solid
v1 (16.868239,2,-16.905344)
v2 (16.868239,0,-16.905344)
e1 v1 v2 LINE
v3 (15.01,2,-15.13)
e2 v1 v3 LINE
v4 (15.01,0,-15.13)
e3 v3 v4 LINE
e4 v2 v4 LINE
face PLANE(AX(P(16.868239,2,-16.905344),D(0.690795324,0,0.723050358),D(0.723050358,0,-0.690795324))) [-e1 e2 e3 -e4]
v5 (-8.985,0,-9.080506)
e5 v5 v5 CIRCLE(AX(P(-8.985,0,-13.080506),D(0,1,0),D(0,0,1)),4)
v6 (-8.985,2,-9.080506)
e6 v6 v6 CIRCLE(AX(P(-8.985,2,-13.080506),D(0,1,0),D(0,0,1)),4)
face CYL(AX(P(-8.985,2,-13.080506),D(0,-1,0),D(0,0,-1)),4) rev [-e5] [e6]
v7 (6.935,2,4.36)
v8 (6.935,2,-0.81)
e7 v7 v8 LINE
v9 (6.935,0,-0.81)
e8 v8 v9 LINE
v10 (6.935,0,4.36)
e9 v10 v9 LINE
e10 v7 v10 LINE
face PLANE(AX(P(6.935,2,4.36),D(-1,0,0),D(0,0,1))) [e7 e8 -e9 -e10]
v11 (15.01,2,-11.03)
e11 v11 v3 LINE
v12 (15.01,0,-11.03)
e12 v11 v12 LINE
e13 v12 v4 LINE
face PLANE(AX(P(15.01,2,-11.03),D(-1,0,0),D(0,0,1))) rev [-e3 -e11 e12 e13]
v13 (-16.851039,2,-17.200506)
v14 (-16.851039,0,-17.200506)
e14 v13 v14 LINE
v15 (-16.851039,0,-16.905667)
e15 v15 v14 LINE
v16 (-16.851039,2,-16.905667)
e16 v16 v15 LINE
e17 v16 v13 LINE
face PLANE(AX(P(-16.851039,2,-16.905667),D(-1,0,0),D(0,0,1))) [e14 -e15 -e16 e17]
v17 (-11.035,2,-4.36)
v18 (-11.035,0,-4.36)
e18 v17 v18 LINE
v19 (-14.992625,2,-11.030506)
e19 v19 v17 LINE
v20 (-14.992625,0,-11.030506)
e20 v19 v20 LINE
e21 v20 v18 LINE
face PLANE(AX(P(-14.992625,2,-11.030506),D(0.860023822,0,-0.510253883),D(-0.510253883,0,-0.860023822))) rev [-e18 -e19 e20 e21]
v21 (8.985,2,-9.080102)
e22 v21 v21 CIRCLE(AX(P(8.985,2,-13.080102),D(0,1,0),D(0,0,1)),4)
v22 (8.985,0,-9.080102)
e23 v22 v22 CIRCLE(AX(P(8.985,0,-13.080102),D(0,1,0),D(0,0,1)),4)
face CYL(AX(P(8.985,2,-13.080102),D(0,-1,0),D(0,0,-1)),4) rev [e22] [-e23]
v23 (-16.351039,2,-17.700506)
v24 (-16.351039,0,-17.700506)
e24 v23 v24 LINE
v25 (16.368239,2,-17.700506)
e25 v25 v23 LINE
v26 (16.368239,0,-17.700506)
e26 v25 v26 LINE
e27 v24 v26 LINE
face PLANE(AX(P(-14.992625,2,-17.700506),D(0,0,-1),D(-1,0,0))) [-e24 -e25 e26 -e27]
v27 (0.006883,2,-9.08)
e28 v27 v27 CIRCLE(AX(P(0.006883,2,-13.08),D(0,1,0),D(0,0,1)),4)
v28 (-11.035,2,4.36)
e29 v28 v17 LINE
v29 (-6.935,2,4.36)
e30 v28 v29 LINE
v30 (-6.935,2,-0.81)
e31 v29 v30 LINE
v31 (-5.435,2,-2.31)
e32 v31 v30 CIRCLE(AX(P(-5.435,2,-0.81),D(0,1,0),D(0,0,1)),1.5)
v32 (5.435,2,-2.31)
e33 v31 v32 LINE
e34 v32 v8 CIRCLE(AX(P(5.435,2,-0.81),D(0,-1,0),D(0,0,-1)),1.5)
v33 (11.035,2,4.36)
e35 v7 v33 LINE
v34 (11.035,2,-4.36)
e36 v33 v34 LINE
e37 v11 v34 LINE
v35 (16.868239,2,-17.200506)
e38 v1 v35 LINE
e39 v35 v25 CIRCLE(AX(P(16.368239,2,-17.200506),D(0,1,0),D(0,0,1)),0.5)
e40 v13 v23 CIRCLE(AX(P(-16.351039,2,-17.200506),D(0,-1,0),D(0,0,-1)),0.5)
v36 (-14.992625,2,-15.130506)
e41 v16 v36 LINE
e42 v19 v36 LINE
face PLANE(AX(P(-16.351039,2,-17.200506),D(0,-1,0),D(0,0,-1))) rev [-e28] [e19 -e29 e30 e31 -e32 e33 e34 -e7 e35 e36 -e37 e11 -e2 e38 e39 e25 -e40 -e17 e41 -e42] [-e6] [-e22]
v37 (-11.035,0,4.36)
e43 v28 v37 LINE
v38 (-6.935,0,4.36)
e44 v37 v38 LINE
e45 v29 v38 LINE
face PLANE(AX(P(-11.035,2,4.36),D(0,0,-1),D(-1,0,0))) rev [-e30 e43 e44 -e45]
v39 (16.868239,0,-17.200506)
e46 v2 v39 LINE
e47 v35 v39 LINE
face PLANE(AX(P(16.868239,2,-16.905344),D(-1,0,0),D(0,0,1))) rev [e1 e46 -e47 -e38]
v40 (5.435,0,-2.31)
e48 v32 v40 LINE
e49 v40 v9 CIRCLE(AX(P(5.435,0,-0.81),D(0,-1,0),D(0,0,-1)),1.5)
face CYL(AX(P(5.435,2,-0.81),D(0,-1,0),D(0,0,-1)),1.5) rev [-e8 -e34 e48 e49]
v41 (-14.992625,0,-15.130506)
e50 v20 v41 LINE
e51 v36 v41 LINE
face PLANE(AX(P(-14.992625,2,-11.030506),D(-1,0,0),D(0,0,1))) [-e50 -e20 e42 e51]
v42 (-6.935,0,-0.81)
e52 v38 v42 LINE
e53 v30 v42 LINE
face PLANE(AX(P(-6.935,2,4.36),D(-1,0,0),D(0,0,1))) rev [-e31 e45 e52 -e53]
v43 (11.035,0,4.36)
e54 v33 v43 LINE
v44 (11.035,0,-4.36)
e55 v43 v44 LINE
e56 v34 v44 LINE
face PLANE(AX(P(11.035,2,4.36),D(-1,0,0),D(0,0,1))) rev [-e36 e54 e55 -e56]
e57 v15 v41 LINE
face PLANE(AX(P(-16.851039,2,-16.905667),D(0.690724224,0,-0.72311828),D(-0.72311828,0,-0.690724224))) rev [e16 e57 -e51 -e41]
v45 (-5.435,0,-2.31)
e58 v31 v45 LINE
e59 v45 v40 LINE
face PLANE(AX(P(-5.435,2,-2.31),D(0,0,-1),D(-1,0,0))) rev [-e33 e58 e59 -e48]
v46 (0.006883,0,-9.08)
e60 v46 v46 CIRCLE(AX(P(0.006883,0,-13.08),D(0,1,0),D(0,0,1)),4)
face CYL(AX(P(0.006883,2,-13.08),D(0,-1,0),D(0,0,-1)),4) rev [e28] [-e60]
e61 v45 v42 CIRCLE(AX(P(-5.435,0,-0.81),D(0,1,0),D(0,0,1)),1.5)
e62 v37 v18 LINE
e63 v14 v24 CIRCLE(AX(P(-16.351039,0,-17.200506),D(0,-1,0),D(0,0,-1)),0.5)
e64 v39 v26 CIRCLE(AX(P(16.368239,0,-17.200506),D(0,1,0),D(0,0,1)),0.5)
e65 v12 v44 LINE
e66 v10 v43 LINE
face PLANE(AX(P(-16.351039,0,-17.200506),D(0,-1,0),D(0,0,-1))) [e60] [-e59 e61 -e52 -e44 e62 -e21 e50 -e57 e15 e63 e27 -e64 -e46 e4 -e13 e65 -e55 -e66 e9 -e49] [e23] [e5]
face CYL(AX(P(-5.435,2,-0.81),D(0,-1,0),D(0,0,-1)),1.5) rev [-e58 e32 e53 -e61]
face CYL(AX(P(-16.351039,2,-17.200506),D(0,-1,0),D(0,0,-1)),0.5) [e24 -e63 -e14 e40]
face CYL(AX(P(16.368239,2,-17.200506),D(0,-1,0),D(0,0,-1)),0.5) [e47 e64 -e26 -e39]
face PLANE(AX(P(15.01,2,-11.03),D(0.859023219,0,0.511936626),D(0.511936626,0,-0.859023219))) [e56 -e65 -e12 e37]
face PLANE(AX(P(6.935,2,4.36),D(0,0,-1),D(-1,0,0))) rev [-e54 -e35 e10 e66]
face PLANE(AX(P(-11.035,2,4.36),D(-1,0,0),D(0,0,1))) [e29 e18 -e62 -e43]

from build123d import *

# Parameters (mm, degrees)
ESTRUSIONE_ESTRUSIONE8_DEPTH = 2
SCHIZZO8_R                   = 4
TAGLIO_ESTRUSIONE6_DEPTH     = 2
SCHIZZO15_R                  = 4
TAGLIO_ESTRUSIONE7_DEPTH     = 2
SCHIZZO16_R                  = 4
TAGLIO_ESTRUSIONE9_DEPTH     = 2


with BuildPart() as part:
    # Schizzo2 → Estrusione-Estrusione8 (new body)
    with BuildSketch(Plane(origin=(0, 0, 0), x_dir=(1, 0, 0), z_dir=(0, 1, 0))):
        with BuildLine():
            Line((-6.935, -4.36), (-6.935, 0.81))
            ThreePointArc((-6.935, 0.81), (-6.495660172, 1.870660172), (-5.435, 2.31))
            Line((-5.435, 2.31), (5.435, 2.31))
            ThreePointArc((5.435, 2.31), (6.495660172, 1.870660172), (6.935, 0.81))
            Line((6.935, 0.81), (6.935, -4.36))
            Line((6.935, -4.36), (11.035, -4.36))
            Line((11.035, -4.36), (11.035, 4.36))
            Line((11.035, 4.36), (15.01, 11.03))
            Line((15.01, 11.03), (15.01, 15.13))
            Line((15.01, 15.13), (16.868239421, 16.905343982))
            Line((16.868239421, 16.905343982), (16.868239421, 17.200505886))
            ThreePointArc((16.868239421, 17.200505886), (16.721792811, 17.554059277), (16.368239421, 17.700505886))
            Line((16.368239421, 17.700505886), (-14.992624707, 17.700505886))
            Line((-14.992624707, 17.700505886), (-16.351038686, 17.700505886))
            ThreePointArc((-16.351038686, 17.700505886), (-16.704592076, 17.554059277), (-16.851038686, 17.200505886))
            Line((-16.851038686, 17.200505886), (-16.851038686, 16.905667142))
            Line((-16.851038686, 16.905667142), (-14.992624707, 15.130505886))
            Line((-14.992624707, 15.130505886), (-14.992624707, 11.030505886))
            Line((-14.992624707, 11.030505886), (-11.035, 4.36))
            Line((-11.035, 4.36), (-11.035, -4.36))
            Line((-11.035, -4.36), (-6.935, -4.36))
        make_face()
    extrude(amount=ESTRUSIONE_ESTRUSIONE8_DEPTH)

    # Schizzo8 → Taglio-Estrusione6 (cut)
    with BuildSketch(Plane(origin=(0, 0, 0), x_dir=(1, 0, 0), z_dir=(0, 1, 0))):
        with Locations((8.985, 13.08010159)):
            Circle(SCHIZZO8_R)
    extrude(amount=TAGLIO_ESTRUSIONE6_DEPTH, mode=Mode.SUBTRACT)

    # Schizzo15 → Taglio-Estrusione7 (cut)
    with BuildSketch(Plane(origin=(0, 0, 0), x_dir=(1, 0, 0), z_dir=(0, 1, 0))):
        with Locations((0.00688301, 13.08)):
            Circle(SCHIZZO15_R)
    extrude(amount=TAGLIO_ESTRUSIONE7_DEPTH, mode=Mode.SUBTRACT)

    # Schizzo16 → Taglio-Estrusione9 (cut)
    with BuildSketch(Plane(origin=(0, 0, 0), x_dir=(1, 0, 0), z_dir=(0, 1, 0))):
        with Locations((-8.985, 13.080505886)):
            Circle(SCHIZZO16_R)
    extrude(amount=TAGLIO_ESTRUSIONE9_DEPTH, mode=Mode.SUBTRACT)


solid = part.part
